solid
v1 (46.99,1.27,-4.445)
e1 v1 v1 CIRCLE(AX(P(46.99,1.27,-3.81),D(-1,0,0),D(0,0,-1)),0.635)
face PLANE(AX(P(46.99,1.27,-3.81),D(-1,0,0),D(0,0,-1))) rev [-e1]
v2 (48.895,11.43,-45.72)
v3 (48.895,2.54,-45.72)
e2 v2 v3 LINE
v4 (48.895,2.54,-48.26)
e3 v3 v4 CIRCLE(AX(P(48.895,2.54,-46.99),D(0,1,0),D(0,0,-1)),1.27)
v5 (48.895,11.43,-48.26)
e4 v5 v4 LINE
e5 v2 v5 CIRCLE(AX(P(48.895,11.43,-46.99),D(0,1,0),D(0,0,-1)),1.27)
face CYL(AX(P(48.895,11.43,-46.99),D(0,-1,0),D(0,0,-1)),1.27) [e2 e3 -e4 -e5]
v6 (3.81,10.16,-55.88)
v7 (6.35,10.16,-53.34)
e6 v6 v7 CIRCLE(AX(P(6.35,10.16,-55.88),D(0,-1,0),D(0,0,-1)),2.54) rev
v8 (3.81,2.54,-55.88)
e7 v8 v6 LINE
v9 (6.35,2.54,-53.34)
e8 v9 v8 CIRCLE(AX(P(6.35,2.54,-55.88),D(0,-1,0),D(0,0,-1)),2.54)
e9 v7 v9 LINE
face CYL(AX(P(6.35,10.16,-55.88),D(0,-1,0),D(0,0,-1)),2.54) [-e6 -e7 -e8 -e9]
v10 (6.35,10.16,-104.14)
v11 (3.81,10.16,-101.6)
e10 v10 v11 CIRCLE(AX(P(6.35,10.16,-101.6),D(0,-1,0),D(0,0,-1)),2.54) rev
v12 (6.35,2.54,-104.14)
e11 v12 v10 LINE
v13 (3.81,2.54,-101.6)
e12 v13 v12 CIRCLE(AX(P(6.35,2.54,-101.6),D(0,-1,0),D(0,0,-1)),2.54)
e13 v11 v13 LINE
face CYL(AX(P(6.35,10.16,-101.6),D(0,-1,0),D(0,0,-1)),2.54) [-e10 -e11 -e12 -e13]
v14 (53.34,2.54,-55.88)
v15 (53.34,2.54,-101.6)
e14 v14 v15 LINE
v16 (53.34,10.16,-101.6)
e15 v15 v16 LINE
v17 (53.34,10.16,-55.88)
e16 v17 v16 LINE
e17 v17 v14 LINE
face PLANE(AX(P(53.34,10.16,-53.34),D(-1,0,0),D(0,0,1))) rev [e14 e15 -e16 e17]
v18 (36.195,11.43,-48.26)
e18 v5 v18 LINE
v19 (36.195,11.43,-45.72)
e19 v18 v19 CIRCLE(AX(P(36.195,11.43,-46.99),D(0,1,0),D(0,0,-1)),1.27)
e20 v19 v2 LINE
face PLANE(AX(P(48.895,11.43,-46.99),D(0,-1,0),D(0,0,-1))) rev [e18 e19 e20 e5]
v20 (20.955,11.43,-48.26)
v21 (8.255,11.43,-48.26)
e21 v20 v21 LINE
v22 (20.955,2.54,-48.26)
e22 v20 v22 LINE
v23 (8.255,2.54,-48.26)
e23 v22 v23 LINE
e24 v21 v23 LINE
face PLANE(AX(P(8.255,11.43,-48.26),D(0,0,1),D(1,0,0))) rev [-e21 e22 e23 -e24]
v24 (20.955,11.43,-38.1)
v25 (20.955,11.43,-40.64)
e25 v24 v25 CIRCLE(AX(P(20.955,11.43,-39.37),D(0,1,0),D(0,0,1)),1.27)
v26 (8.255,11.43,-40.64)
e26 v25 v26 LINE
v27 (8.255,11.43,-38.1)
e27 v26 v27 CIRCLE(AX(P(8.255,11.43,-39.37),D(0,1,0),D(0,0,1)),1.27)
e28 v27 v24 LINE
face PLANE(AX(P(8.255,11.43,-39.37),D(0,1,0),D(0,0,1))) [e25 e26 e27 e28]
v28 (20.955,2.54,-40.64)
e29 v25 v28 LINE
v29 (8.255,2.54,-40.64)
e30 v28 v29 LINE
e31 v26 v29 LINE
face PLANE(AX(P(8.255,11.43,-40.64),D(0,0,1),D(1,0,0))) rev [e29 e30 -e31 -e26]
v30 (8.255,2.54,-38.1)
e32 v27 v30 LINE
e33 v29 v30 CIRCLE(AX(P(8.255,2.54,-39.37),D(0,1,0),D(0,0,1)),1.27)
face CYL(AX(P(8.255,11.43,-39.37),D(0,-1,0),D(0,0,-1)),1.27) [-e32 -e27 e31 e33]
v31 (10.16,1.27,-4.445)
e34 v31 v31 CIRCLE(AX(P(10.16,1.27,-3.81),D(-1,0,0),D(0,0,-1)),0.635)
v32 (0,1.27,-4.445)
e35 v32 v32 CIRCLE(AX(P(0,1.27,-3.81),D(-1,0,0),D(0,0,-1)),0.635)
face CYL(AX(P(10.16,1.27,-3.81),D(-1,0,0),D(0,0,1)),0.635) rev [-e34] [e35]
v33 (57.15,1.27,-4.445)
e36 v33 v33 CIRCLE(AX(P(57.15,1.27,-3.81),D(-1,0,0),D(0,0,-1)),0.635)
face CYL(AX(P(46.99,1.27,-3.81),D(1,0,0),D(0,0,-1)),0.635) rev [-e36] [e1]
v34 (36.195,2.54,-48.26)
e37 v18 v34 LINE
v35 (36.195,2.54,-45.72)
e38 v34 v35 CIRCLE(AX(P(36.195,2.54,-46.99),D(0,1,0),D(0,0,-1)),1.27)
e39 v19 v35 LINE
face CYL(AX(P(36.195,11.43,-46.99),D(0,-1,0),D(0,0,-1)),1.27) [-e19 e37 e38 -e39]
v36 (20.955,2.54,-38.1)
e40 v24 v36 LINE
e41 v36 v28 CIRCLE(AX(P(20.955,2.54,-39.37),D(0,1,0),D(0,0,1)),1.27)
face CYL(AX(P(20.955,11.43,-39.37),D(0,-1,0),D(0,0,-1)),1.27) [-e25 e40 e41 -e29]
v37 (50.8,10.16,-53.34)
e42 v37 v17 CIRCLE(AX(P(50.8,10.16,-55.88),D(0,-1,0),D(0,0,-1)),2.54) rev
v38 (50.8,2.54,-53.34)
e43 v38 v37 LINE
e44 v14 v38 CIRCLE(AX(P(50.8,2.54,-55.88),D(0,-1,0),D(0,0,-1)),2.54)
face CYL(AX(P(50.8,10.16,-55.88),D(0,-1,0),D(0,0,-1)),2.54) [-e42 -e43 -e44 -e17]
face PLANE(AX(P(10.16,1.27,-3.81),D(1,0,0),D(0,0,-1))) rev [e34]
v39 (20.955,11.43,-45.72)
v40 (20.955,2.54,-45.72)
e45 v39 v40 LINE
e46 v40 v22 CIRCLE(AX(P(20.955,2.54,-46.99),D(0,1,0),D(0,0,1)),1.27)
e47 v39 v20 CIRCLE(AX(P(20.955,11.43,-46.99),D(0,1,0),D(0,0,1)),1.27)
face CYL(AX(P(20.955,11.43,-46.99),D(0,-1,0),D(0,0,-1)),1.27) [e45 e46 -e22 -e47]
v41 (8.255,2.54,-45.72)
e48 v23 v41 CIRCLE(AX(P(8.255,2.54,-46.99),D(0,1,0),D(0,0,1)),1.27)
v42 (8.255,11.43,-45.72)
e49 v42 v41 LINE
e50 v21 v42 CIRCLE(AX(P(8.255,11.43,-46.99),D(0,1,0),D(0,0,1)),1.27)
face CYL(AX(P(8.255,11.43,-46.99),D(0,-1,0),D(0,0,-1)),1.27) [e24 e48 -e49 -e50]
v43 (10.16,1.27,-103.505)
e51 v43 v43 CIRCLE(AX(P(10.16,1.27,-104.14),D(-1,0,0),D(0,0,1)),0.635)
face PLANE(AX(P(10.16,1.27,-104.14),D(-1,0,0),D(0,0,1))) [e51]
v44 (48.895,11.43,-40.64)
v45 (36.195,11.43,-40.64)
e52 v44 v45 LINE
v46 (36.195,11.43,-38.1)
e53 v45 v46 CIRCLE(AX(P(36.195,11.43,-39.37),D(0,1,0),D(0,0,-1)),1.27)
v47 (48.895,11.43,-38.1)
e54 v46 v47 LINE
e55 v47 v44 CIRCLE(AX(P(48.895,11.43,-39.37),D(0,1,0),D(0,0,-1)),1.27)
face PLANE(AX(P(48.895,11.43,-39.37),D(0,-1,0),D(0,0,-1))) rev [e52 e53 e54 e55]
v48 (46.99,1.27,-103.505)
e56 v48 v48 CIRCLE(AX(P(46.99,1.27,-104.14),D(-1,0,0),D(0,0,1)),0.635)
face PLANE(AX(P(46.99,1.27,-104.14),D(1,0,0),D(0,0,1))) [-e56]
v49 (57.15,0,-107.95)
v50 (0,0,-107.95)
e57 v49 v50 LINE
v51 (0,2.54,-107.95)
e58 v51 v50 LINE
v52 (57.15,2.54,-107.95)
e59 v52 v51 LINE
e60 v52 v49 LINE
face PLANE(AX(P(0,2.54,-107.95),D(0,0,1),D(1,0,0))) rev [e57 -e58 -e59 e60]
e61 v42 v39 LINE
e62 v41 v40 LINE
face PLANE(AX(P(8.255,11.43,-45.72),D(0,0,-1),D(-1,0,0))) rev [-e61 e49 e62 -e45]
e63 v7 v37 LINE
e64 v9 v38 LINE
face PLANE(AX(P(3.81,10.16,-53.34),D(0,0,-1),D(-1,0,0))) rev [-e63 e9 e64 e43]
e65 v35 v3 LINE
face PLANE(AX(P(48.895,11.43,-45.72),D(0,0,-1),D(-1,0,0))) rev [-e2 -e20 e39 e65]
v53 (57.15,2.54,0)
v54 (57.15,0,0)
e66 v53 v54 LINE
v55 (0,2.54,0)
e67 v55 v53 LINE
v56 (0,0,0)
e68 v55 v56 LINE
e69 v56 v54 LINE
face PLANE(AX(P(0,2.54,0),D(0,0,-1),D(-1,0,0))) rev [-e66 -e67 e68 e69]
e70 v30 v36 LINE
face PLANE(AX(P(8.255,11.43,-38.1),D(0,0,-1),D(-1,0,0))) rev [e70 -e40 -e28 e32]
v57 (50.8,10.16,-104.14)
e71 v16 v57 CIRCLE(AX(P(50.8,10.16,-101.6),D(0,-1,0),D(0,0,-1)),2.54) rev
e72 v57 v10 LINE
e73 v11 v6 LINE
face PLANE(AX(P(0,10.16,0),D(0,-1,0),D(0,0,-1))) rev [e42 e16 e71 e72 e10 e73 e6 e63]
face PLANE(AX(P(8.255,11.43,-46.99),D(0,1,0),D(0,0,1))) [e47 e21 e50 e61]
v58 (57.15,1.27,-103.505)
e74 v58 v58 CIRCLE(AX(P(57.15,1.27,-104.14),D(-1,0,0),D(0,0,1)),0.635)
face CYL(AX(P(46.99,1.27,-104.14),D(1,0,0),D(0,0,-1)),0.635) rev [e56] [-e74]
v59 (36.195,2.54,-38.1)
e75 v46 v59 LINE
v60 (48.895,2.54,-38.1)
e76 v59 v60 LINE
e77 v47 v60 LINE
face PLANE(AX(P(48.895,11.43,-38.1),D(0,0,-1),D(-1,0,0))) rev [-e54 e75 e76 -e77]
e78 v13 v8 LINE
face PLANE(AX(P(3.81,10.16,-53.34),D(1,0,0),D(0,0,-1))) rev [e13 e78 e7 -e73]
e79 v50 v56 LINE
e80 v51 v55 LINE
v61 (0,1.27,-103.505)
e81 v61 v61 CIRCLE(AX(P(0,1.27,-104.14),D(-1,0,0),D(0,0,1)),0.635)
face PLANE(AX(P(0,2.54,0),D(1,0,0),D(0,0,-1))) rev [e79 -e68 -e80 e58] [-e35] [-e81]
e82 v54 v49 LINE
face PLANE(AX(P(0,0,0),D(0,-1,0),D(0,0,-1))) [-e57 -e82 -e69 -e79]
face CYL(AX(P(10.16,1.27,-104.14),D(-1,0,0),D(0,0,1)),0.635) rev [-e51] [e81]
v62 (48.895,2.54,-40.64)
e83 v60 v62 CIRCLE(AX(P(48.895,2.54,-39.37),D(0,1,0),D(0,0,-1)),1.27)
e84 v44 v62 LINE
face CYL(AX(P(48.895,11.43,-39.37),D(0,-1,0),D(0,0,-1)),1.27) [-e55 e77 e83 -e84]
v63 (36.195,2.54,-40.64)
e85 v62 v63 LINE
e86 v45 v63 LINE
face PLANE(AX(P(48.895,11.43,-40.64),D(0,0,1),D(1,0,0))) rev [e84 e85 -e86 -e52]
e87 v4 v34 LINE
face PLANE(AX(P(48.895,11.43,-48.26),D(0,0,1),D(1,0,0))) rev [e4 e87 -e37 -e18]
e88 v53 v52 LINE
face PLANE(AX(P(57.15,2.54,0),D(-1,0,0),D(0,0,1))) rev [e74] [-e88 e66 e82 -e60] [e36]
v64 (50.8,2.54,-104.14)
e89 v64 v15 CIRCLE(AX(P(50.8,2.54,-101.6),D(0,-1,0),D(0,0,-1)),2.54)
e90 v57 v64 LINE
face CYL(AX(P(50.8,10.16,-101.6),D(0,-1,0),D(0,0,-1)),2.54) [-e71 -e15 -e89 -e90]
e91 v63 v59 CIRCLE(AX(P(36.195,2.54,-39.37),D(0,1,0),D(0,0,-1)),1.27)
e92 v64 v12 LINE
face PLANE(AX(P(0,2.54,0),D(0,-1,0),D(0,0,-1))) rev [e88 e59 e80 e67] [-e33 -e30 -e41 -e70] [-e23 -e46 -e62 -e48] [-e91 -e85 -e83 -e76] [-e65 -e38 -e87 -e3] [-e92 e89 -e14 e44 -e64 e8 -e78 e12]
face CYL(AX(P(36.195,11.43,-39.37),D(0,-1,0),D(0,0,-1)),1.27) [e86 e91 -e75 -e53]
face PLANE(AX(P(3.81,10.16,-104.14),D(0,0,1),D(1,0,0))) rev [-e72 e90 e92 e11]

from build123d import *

# Parameters (mm, degrees)
SKETCH1_W           = 57.15
SKETCH1_H           = 107.95
BOSS_EXTRUDE1_DEPTH = 2.54
BOSS_EXTRUDE2_DEPTH = 8.89
SKETCH4_R           = 0.635
CUT_EXTRUDE1_DEPTH  = 10.16
SKETCH5_W           = 49.53
SKETCH5_H           = 50.8
BOSS_EXTRUDE3_DEPTH = 7.62
FILLET1_R           = 2.54


with BuildPart() as part:
    # Sketch1 → Boss-Extrude1 (new body)
    with BuildSketch(Plane(origin=(0, 0, 0), x_dir=(1, 0, 0), z_dir=(0, 1, 0))):
        with Locations((28.575, 53.975)):
            Rectangle(SKETCH1_W, SKETCH1_H)
    extrude(amount=BOSS_EXTRUDE1_DEPTH)

    # Sketch2 → Boss-Extrude2 (add)
    with BuildSketch(Plane(origin=(0, 2.54, 0), x_dir=(1, 0, 0), z_dir=(0, 1, 0))):
        with BuildLine():
            Line((8.255, 40.64), (20.955, 40.64))
            ThreePointArc((20.955, 40.64), (22.225, 39.37), (20.955, 38.1))
            Line((20.955, 38.1), (8.255, 38.1))
            ThreePointArc((8.255, 38.1), (6.985, 39.37), (8.255, 40.64))
        make_face()
        with BuildLine():
            Line((48.895, 40.64), (36.195, 40.64))
            ThreePointArc((36.195, 40.64), (34.925, 39.37), (36.195, 38.1))
            Line((36.195, 38.1), (48.895, 38.1))
            ThreePointArc((48.895, 38.1), (50.165, 39.37), (48.895, 40.64))
        make_face()
        with BuildLine():
            Line((8.255, 48.26), (20.955, 48.26))
            ThreePointArc((20.955, 48.26), (22.225, 46.99), (20.955, 45.72))
            Line((20.955, 45.72), (8.255, 45.72))
            ThreePointArc((8.255, 45.72), (6.985, 46.99), (8.255, 48.26))
        make_face()
        with BuildLine():
            Line((48.895, 48.26), (36.195, 48.26))
            ThreePointArc((36.195, 48.26), (34.925, 46.99), (36.195, 45.72))
            Line((36.195, 45.72), (48.895, 45.72))
            ThreePointArc((48.895, 45.72), (50.165, 46.99), (48.895, 48.26))
        make_face()
    extrude(amount=BOSS_EXTRUDE2_DEPTH)

    # Sketch4 → Cut-Extrude1 (cut)
    with BuildSketch(Plane.ZY):
        with Locations((-104.14, 1.27)):
            Circle(SKETCH4_R)
        with Locations(Location((-3.81, 1.27, 0), (0, 0, 180))):
            Circle(SKETCH4_R)
    cut_extrude1 = extrude(amount=-CUT_EXTRUDE1_DEPTH, mode=Mode.SUBTRACT)

    # Mirror1: Cut-Extrude1 across plane
    add(cut_extrude1.mirror(Plane.ZY.offset(-28.575)), mode=Mode.SUBTRACT)

    # Sketch5 → Boss-Extrude3 (add)
    with BuildSketch(Plane(origin=(0, 2.54, 0), x_dir=(1, 0, 0), z_dir=(0, 1, 0))):
        with Locations((28.575, 78.74)):
            Rectangle(SKETCH5_W, SKETCH5_H)
    extrude(amount=BOSS_EXTRUDE3_DEPTH)

    # Fillet1
    fillet1_edges = [part.edges().sort_by_distance(p)[0] for p in [
        (53.34, 6.35, -53.34),
        (53.34, 6.35, -104.14),
        (3.81, 6.35, -104.14),
        (3.81, 6.35, -53.34),
    ]]
    fillet(fillet1_edges, radius=FILLET1_R)


solid = part.part
